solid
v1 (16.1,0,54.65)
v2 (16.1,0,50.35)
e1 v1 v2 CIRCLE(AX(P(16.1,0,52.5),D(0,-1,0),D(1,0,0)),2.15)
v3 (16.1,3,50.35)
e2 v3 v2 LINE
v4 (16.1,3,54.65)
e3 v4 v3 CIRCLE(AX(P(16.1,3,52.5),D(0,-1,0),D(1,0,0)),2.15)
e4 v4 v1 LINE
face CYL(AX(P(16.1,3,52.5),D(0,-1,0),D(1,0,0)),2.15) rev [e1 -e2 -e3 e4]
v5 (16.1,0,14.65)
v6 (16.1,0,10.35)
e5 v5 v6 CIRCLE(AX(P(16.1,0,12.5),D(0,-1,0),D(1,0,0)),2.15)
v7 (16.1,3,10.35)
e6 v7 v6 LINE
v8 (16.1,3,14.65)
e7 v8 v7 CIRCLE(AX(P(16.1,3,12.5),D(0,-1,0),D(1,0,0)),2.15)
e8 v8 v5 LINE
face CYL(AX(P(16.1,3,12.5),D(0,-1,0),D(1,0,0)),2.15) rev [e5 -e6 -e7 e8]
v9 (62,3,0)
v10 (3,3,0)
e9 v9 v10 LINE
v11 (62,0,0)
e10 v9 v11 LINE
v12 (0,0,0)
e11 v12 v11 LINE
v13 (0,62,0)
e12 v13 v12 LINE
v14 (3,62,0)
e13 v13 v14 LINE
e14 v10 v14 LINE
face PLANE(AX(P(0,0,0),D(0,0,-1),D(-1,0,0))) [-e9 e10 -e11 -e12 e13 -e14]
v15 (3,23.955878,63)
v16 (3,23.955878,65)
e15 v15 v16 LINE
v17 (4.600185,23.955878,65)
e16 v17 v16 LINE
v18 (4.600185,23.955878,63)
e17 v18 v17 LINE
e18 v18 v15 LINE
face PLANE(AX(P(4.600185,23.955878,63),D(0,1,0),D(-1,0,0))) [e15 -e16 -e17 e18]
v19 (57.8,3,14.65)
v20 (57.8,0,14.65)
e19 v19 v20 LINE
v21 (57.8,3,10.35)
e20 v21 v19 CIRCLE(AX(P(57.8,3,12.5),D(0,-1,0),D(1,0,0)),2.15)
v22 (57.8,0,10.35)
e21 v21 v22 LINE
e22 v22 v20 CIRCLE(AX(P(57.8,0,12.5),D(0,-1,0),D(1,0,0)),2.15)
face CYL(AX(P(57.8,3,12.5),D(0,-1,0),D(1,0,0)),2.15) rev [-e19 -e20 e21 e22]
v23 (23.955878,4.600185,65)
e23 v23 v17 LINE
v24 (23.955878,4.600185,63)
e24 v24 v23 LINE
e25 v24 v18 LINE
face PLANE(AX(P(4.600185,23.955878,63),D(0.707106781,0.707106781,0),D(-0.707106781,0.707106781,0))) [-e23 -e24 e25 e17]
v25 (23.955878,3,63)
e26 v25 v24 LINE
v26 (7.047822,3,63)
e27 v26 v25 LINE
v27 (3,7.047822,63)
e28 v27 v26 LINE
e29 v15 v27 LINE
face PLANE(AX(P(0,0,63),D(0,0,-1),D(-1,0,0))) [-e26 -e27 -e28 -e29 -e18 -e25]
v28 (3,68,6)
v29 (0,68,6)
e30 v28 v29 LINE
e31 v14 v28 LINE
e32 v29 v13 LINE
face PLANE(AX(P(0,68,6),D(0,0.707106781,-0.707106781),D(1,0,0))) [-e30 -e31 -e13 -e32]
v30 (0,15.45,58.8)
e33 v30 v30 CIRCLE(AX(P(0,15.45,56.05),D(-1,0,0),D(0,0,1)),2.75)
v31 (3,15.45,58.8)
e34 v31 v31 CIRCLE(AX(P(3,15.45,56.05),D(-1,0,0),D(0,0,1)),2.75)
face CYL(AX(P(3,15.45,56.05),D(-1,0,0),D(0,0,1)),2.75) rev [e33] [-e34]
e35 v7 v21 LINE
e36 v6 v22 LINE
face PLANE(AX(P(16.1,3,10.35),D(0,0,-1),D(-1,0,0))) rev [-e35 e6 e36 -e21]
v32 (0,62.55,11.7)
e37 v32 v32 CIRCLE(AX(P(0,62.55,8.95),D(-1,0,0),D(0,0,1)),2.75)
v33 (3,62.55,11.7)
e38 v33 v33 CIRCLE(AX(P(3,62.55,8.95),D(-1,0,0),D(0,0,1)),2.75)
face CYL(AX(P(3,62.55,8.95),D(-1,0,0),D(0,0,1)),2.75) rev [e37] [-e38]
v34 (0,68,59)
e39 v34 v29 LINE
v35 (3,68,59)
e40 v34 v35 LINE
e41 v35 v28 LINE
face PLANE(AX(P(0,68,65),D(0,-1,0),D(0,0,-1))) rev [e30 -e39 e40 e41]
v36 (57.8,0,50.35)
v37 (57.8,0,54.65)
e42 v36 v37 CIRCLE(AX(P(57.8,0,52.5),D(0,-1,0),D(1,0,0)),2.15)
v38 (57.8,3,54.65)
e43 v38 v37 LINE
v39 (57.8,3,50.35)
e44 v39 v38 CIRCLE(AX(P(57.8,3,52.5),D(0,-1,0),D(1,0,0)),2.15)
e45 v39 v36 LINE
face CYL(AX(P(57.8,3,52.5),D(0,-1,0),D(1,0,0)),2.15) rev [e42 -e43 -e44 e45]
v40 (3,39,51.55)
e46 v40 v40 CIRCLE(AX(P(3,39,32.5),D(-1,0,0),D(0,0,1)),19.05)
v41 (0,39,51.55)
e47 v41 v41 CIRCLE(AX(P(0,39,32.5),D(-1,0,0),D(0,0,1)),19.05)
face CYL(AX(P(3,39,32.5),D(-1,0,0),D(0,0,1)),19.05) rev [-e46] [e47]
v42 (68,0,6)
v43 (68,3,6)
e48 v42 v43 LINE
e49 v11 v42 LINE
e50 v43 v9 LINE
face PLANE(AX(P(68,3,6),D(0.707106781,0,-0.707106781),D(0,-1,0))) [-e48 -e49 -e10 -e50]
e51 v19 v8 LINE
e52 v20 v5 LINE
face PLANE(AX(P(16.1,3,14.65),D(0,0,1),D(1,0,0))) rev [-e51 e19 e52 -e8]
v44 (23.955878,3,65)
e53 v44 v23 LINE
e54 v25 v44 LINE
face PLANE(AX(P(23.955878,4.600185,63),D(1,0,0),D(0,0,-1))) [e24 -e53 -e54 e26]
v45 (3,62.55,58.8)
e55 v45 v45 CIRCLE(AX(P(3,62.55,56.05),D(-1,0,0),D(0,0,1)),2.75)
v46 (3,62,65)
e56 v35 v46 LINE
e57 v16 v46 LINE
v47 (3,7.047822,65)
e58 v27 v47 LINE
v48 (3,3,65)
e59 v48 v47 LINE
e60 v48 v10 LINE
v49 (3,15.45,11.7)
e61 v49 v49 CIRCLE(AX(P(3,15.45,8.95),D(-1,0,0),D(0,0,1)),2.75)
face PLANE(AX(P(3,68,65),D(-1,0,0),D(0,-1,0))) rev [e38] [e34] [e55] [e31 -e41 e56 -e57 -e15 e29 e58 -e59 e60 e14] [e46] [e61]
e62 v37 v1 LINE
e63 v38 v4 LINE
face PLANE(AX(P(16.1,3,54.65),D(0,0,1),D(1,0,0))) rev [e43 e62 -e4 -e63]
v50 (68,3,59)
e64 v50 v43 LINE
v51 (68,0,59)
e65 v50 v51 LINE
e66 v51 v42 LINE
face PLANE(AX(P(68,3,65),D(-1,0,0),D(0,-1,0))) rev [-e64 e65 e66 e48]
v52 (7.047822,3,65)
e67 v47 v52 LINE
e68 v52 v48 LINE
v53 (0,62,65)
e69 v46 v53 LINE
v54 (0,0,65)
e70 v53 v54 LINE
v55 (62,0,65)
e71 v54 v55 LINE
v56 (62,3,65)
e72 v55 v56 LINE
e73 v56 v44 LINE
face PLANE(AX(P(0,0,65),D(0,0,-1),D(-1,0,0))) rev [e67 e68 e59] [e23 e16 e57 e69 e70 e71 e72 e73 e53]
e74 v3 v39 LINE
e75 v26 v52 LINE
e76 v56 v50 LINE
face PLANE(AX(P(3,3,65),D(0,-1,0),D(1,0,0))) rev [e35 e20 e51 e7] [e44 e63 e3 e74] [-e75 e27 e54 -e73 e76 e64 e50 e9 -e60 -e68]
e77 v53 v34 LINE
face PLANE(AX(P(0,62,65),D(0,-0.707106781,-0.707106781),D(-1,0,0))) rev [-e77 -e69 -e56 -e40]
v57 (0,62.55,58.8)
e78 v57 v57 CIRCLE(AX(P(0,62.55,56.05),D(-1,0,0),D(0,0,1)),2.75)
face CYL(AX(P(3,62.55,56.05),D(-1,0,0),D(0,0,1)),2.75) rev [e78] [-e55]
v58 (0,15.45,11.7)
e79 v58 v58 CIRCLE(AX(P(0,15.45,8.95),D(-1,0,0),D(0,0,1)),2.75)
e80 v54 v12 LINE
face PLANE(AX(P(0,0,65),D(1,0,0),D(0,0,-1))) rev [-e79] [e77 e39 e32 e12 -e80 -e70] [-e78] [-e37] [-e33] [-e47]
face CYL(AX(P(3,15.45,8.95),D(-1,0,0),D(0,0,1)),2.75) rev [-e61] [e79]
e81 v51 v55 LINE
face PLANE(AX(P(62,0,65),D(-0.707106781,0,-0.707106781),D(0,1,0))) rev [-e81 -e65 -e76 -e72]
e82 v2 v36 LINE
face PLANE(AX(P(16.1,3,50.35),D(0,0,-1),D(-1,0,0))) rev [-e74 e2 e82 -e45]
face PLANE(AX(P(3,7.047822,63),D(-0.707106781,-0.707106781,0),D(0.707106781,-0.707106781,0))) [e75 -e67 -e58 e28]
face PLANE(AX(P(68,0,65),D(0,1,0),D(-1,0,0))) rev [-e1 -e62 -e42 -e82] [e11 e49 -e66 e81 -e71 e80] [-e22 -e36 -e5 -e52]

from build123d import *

# Parameters (mm, degrees)
BOSS_EXTRUDE1_DEPTH = 65
CHAMFER1_SIZE       = 6
BOSS_EXTRUDE2_DEPTH = 2
SKETCH3_R           = 19.05
SKETCH3_R_2         = 2.75
CUT_EXTRUDE1_DEPTH  = 3
CUT_EXTRUDE2_DEPTH  = 3


with BuildPart() as part:
    # Sketch1 → Boss-Extrude1 (new body)
    with BuildSketch(Plane.XY):
        Polygon((0, 0), (0, 68), (3, 68), (3, 3), (68, 3), (68, 0), align=None)
    extrude(amount=BOSS_EXTRUDE1_DEPTH)

    # Chamfer1
    chamfer1_edges = [part.edges().sort_by_distance(p)[0] for p in [
        (1.5, 68, 65),
        (1.5, 68, 0),
        (68, 1.5, 65),
        (68, 1.5, 0),
    ]]
    chamfer(chamfer1_edges, length=CHAMFER1_SIZE)

    # Sketch2 → Boss-Extrude2 (add)
    with BuildSketch(Plane.XY.offset(65)):
        Polygon((4.600185007, 23.955878092), (23.955878092, 4.600185007), (23.955878092, 3), (7.047822016, 3), (3, 7.047822016), (3, 23.955878092), align=None)
    extrude(amount=-BOSS_EXTRUDE2_DEPTH)

    # Sketch3 → Cut-Extrude1 (cut)
    with BuildSketch(Plane.ZY):
        with Locations((32.5, 39)):
            Circle(SKETCH3_R)
        with Locations((8.95, 62.55)):
            Circle(SKETCH3_R_2)
        with Locations((56.05, 62.55)):
            Circle(SKETCH3_R_2)
        with Locations((8.95, 15.45)):
            Circle(SKETCH3_R_2)
        with Locations((56.05, 15.45)):
            Circle(SKETCH3_R_2)
    extrude(amount=-CUT_EXTRUDE1_DEPTH, mode=Mode.SUBTRACT)

    # Sketch4 → Cut-Extrude2 (cut)
    with BuildSketch(Plane.XZ):
        with BuildLine():
            Line((16.1, 54.65), (57.8, 54.65))
            ThreePointArc((57.8, 54.65), (59.95, 52.5), (57.8, 50.35))
            Line((57.8, 50.35), (16.1, 50.35))
            ThreePointArc((16.1, 50.35), (13.95, 52.5), (16.1, 54.65))
        make_face()
        with BuildLine():
            Line((16.1, 14.65), (57.8, 14.65))
            ThreePointArc((57.8, 14.65), (59.95, 12.5), (57.8, 10.35))
            Line((57.8, 10.35), (16.1, 10.35))
            ThreePointArc((16.1, 10.35), (13.95, 12.5), (16.1, 14.65))
        make_face()
    extrude(amount=-CUT_EXTRUDE2_DEPTH, mode=Mode.SUBTRACT)


solid = part.part
